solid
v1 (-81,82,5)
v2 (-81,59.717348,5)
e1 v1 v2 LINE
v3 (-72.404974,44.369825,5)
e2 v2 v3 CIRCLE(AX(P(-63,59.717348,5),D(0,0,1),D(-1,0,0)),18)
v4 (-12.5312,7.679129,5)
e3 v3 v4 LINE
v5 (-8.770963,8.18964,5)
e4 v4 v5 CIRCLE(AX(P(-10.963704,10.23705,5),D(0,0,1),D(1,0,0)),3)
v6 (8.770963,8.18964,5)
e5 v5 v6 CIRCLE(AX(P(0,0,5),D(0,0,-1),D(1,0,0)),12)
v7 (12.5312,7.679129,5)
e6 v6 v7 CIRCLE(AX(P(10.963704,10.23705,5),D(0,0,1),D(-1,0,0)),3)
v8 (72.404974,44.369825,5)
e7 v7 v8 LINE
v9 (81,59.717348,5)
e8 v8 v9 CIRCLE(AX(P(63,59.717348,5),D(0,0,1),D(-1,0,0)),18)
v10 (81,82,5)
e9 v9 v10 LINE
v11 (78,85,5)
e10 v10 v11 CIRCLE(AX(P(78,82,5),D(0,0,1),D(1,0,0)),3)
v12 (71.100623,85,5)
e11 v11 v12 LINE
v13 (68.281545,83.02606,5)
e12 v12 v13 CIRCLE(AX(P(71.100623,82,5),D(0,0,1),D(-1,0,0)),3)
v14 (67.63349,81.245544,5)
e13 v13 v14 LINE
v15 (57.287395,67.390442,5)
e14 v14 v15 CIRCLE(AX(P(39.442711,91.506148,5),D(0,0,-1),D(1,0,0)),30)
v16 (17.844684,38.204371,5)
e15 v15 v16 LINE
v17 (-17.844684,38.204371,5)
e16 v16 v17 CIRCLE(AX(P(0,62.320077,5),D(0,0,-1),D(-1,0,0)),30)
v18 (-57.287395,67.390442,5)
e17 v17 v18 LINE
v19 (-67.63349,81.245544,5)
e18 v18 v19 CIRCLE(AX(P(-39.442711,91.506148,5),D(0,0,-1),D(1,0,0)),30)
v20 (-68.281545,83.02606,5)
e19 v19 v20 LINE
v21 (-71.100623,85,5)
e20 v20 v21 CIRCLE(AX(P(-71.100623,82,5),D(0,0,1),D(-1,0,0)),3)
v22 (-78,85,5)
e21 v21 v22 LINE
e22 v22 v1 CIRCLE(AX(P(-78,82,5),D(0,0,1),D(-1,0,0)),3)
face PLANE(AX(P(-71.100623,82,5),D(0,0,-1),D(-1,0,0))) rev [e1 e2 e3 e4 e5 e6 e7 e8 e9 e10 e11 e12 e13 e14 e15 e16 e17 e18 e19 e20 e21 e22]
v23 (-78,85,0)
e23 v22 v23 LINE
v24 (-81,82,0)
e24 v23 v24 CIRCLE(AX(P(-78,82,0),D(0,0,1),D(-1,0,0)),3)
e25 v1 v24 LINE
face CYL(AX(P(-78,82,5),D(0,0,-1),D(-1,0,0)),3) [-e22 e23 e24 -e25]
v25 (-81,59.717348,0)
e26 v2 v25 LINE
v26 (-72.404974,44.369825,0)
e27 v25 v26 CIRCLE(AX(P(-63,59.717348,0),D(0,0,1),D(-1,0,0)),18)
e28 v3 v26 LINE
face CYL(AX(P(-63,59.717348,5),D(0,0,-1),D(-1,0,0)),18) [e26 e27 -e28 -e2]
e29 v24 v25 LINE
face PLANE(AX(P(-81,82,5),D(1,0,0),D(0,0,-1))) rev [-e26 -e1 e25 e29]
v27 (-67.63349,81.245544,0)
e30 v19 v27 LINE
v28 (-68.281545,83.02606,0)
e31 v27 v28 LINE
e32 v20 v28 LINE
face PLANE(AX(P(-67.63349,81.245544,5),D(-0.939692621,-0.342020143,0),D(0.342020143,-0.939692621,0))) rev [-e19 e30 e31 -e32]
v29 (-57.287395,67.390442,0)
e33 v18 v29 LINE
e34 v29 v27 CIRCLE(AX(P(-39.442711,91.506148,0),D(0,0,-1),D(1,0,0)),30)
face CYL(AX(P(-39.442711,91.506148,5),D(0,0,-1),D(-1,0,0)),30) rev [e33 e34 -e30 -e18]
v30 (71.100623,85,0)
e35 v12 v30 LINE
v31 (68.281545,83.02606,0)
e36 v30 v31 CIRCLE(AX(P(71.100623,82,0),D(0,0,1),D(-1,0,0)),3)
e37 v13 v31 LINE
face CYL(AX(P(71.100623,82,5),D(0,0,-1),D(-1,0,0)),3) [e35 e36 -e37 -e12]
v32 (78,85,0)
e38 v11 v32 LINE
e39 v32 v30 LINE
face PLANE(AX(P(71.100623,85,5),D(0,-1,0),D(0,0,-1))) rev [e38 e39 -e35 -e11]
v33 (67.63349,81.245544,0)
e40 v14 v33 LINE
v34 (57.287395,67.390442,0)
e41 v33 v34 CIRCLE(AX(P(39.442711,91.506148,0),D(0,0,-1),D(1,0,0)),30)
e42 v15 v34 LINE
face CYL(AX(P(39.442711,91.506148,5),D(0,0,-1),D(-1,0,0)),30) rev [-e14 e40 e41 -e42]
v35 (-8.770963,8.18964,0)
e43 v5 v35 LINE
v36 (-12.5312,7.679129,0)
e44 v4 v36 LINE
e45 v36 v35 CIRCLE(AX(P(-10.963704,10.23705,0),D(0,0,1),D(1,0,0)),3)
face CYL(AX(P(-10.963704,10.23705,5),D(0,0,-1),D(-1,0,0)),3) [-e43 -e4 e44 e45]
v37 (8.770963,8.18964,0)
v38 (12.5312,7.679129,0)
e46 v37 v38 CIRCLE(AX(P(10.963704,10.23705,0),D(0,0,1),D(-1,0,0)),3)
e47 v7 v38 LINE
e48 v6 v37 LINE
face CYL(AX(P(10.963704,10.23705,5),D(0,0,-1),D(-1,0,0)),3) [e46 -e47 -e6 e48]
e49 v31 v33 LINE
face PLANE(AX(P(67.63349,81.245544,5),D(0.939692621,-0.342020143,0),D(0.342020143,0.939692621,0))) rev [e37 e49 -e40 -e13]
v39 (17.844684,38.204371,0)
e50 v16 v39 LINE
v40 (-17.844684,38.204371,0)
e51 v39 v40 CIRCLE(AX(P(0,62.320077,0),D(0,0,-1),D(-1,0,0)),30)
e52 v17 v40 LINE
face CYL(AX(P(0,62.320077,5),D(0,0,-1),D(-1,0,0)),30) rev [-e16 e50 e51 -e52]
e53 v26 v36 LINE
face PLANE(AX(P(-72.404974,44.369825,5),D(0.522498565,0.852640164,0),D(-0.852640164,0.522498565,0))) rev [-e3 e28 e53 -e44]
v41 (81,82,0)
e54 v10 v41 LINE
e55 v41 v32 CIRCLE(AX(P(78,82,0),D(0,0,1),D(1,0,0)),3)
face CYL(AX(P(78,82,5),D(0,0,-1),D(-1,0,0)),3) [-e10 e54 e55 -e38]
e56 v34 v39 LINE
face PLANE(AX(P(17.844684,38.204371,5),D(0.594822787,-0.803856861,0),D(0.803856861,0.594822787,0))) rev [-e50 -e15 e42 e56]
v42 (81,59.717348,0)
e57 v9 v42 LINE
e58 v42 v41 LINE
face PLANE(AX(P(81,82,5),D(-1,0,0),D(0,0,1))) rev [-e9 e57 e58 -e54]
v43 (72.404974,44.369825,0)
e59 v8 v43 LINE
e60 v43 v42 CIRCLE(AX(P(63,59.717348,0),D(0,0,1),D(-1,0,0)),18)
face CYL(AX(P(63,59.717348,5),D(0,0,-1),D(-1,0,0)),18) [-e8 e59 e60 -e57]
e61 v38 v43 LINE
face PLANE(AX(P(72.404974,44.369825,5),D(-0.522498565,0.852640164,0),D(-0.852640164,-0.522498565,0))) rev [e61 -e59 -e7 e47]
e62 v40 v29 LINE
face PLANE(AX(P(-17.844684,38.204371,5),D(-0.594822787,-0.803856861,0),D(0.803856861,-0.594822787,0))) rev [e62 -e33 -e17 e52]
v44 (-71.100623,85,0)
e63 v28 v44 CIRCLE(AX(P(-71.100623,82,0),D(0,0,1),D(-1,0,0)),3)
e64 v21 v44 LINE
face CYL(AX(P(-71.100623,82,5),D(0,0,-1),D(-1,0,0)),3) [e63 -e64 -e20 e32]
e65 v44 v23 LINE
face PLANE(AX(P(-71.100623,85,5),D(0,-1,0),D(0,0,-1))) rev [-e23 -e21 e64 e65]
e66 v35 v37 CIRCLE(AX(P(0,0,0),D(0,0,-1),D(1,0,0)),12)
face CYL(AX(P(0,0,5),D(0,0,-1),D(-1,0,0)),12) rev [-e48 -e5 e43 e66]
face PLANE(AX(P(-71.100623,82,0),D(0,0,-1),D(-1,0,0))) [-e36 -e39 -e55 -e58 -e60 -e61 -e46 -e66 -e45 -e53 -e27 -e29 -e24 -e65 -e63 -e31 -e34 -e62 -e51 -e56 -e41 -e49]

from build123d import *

# Parameters (mm, degrees)
BASE_EXTRUDE_DEPTH = 5


with BuildPart() as part:
    # Sketch1 → Base-Extrude (new body)
    with BuildSketch(Plane.XY):
        with BuildLine():
            Line((-81, 82), (-81, 59.717348192))
            ThreePointArc((-81, 59.717348192), (-78.704928127, 50.922165845), (-72.404974165, 44.369825233))
            Line((-72.404974165, 44.369825233), (-12.531200021, 7.679129249))
            ThreePointArc((-12.531200021, 7.679129249), (-10.560110304, 7.264321725), (-8.770963462, 8.189639794))
            ThreePointArc((-8.770963462, 8.189639794), (0, 12), (8.770963462, 8.189639794))
            ThreePointArc((8.770963462, 8.189639794), (10.560110304, 7.264321725), (12.531200021, 7.679129249))
            Line((12.531200021, 7.679129249), (72.404974165, 44.369825233))
            ThreePointArc((72.404974165, 44.369825233), (78.704928127, 50.922165845), (81, 59.717348192))
            Line((81, 59.717348192), (81, 82))
            ThreePointArc((81, 82), (80.121320344, 84.121320344), (78, 85))
            Line((78, 85), (71.100622615, 85))
            ThreePointArc((71.100622615, 85), (69.379893306, 84.457456133), (68.281544752, 83.02606043))
            Line((68.281544752, 83.02606043), (67.633489632, 81.245543621))
            ThreePointArc((67.633489632, 81.245543621), (63.480325389, 73.556409903), (57.287394611, 67.390442102))
            Line((57.287394611, 67.390442102), (17.844683603, 38.204371262))
            ThreePointArc((17.844683603, 38.204371262), (0, 32.320077081), (-17.844683603, 38.204371262))
            Line((-17.844683603, 38.204371262), (-57.287394611, 67.390442102))
            ThreePointArc((-57.287394611, 67.390442102), (-63.480325389, 73.556409903), (-67.633489632, 81.245543621))
            Line((-67.633489632, 81.245543621), (-68.281544752, 83.02606043))
            ThreePointArc((-68.281544752, 83.02606043), (-69.379893306, 84.457456133), (-71.100622615, 85))
            Line((-71.100622615, 85), (-78, 85))
            ThreePointArc((-78, 85), (-80.121320344, 84.121320344), (-81, 82))
        make_face()
    extrude(amount=BASE_EXTRUDE_DEPTH)


solid = part.part
